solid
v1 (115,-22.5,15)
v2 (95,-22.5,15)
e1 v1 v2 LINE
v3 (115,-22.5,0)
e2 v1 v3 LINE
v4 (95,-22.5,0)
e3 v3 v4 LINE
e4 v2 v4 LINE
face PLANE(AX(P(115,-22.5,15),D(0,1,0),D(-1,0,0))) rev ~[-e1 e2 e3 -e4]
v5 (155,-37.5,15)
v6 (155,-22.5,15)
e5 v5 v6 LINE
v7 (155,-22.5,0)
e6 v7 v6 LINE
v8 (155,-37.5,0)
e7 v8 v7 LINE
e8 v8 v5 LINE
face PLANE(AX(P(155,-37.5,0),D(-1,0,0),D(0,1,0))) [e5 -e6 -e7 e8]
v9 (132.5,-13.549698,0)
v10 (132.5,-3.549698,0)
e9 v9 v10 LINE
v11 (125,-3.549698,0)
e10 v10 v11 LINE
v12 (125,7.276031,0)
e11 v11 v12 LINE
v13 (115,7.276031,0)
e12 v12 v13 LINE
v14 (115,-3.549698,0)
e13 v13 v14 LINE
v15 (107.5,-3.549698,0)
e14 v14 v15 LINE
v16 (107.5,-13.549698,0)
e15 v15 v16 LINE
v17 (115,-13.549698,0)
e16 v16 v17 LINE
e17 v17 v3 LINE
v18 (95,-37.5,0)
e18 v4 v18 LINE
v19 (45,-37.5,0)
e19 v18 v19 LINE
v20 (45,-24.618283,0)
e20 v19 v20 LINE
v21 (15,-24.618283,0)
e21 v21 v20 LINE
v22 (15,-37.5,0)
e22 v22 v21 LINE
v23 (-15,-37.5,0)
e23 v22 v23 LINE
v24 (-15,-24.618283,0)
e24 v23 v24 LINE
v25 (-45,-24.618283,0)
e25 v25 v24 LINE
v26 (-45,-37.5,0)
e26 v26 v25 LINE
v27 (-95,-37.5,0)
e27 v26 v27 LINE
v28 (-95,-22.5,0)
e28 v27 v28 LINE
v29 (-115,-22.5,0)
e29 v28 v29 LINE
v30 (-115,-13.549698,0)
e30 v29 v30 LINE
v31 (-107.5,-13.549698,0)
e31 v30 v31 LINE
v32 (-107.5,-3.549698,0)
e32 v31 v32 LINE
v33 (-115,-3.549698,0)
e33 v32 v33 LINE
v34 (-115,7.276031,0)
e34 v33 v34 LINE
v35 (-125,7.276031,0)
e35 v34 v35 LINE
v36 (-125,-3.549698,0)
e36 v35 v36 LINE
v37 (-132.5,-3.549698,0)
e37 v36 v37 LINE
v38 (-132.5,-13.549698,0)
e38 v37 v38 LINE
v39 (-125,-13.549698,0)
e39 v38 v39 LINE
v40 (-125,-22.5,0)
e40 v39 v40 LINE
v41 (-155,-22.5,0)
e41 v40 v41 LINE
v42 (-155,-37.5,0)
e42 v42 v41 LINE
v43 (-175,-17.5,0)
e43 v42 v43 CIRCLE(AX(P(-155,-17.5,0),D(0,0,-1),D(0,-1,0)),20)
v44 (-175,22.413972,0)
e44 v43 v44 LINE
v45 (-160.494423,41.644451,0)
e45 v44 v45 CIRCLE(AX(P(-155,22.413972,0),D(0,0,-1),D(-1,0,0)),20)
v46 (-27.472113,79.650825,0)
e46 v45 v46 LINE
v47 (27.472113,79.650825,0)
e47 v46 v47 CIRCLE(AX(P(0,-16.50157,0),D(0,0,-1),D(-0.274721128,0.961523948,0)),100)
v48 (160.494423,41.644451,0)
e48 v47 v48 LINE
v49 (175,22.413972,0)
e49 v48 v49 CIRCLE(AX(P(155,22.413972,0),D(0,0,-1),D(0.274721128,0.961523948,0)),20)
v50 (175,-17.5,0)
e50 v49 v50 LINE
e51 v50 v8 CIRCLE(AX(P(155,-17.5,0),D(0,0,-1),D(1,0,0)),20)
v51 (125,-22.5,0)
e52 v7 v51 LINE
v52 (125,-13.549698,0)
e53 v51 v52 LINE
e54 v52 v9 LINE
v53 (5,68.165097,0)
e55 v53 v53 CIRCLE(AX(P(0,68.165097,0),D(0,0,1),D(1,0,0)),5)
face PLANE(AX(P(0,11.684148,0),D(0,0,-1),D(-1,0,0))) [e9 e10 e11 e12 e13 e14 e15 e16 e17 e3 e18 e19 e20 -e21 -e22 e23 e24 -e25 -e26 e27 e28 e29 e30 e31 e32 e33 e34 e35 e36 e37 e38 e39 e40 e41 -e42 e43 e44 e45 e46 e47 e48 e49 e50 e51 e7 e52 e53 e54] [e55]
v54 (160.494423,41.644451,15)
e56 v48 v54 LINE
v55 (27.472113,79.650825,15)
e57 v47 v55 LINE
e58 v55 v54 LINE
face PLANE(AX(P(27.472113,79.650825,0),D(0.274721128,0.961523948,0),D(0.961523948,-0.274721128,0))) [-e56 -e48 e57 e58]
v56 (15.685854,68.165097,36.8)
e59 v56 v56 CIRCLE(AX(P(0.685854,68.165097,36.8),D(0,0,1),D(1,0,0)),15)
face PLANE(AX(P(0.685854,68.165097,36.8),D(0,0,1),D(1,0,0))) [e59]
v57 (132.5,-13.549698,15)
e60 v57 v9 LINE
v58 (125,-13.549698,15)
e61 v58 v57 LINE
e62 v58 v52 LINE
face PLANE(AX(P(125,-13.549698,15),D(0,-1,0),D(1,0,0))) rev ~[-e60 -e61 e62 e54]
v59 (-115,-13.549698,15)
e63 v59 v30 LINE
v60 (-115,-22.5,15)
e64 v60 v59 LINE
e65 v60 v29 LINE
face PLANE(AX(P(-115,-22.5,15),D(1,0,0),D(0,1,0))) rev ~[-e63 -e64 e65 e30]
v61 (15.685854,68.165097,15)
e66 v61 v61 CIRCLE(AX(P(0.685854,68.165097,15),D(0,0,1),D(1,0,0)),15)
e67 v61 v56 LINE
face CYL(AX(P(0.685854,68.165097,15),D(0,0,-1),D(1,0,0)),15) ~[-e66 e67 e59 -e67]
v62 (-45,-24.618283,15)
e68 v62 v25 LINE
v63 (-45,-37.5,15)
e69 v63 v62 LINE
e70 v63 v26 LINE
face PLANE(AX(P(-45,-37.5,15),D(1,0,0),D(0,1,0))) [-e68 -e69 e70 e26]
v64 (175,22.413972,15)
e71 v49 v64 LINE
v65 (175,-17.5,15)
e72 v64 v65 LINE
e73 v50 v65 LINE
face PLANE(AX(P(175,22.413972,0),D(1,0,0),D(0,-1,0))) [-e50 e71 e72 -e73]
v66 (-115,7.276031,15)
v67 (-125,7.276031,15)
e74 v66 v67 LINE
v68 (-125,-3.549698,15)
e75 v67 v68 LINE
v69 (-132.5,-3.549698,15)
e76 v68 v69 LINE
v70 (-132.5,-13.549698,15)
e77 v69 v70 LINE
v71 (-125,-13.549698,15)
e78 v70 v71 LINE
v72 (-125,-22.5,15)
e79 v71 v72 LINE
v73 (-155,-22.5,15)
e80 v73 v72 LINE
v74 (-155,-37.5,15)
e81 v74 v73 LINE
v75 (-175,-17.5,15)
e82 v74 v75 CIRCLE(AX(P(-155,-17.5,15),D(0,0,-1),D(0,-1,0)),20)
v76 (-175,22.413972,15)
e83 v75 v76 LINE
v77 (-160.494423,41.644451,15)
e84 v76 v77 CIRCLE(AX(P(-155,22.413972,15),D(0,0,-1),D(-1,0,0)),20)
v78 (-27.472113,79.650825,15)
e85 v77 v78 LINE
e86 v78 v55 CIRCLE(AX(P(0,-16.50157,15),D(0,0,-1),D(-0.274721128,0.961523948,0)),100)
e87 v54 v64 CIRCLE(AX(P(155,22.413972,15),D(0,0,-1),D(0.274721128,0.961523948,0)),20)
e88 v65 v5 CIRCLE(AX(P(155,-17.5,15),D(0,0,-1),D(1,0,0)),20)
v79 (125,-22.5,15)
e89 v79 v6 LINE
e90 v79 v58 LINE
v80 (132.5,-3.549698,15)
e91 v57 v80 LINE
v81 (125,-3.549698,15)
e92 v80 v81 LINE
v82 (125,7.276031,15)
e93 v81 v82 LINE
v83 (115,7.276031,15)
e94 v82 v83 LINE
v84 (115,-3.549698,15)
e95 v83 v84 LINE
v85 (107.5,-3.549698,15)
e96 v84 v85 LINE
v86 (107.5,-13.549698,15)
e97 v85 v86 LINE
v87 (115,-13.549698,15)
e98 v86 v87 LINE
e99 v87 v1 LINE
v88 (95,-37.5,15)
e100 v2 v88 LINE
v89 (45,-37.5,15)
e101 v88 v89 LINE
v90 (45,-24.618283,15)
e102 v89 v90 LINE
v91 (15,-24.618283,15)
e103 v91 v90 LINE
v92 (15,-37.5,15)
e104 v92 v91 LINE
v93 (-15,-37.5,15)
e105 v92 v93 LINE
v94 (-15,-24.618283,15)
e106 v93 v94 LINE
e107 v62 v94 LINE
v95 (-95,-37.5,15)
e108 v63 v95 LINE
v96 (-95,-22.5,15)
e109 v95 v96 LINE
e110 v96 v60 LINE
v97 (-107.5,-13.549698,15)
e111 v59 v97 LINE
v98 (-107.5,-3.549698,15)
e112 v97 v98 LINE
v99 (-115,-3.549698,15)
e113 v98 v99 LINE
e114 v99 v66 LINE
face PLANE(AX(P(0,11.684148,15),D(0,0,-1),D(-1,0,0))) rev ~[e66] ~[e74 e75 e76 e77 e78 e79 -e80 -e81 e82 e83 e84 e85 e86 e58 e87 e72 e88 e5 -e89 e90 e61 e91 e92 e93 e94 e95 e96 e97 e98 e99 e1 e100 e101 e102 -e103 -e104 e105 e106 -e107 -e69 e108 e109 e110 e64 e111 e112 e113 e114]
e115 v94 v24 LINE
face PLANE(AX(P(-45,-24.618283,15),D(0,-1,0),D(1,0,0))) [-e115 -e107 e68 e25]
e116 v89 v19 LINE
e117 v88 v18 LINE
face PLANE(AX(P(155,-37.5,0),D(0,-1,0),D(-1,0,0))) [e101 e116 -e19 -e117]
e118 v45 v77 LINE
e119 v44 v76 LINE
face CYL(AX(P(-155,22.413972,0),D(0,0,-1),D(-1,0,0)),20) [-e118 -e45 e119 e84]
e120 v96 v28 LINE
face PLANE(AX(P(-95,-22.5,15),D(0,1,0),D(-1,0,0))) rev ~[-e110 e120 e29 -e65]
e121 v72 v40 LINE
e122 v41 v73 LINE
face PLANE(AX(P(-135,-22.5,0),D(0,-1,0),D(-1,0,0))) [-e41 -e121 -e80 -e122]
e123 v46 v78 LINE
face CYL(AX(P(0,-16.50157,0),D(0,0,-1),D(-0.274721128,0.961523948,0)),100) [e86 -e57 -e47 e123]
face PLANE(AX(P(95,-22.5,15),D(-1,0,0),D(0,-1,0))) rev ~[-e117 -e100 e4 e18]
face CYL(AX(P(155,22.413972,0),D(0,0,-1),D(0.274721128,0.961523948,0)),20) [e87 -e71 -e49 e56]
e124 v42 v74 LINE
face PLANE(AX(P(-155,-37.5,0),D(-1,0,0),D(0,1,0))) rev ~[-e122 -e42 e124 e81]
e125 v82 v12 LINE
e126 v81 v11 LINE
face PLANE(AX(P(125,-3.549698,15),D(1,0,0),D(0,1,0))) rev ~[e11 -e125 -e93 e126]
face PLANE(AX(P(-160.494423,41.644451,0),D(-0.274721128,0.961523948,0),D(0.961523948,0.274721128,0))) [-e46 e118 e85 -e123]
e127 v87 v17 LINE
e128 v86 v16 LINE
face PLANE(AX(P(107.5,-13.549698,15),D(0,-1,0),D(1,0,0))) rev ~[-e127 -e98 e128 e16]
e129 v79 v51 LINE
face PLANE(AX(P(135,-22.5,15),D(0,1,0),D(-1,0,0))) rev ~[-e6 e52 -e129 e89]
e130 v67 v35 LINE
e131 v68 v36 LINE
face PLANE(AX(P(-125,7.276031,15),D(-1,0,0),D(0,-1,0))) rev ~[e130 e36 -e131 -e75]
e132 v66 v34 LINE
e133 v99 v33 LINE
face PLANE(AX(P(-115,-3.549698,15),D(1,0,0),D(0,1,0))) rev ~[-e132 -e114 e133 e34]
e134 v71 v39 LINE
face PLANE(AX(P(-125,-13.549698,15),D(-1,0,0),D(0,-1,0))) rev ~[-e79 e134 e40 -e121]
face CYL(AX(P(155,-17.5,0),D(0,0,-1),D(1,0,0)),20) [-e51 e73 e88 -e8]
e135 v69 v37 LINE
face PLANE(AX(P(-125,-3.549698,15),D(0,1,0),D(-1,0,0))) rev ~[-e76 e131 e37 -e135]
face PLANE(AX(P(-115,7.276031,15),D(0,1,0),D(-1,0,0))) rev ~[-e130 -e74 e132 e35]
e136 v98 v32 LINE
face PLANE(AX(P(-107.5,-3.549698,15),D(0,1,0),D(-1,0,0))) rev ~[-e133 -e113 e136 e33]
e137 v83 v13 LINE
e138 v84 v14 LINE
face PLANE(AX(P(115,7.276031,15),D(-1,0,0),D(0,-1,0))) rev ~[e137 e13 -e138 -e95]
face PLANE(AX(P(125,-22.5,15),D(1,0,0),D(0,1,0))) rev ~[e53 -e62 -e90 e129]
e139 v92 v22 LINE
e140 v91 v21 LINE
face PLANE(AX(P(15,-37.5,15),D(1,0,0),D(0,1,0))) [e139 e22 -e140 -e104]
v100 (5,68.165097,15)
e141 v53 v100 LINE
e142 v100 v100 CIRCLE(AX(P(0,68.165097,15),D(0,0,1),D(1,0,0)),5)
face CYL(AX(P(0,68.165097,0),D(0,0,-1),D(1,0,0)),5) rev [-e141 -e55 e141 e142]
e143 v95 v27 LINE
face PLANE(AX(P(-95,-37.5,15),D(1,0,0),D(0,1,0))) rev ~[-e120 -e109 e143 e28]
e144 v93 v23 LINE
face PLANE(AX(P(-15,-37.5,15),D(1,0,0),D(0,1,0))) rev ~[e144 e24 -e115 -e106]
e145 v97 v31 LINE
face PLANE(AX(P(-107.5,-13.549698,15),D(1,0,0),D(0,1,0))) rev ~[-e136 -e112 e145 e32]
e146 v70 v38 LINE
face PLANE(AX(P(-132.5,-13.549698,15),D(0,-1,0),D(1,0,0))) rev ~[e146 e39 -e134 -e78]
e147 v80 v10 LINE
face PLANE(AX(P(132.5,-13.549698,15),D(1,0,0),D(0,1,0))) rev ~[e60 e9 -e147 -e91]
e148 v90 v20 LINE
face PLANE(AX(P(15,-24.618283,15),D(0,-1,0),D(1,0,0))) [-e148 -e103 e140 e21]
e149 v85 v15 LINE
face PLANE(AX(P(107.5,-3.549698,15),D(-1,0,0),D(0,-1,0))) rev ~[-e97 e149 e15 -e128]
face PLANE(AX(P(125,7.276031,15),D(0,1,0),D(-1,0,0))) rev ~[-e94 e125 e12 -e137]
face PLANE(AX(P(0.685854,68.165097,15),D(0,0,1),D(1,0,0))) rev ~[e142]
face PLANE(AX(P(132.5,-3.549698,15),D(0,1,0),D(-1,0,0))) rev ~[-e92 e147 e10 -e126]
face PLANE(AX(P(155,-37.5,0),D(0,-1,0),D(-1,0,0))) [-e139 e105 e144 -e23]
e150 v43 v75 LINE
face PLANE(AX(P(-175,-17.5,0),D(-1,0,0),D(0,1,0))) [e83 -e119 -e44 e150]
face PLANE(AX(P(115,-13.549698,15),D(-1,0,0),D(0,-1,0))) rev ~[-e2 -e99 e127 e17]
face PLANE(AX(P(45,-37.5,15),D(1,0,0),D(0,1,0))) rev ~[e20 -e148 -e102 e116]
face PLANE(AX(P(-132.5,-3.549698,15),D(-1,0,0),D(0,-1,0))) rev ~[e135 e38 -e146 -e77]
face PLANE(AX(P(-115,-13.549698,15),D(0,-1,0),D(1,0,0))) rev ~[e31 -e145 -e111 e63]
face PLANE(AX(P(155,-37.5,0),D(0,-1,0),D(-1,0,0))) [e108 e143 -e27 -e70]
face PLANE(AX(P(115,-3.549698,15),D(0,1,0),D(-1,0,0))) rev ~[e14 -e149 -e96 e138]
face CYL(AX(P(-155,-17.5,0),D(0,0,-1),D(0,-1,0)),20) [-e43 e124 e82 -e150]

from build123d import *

# Parameters (mm, degrees)
ESQUISSE1_R             = 5
BOSS_EXTRU_1_DEPTH      = 15
ESQUISSE2_W             = 30
ESQUISSE2_H             = 12.881717487
ENL_V_MAT_EXTRU_1_DEPTH = 15
ESQUISSE3_W             = 20
ESQUISSE3_H             = 15
ENL_V_MAT_EXTRU_2_DEPTH = 15
ESQUISSE5_R             = 15
BOSS_EXTRU_2_DEPTH      = 21.8


with BuildPart() as part:
    # Esquisse1 → Boss.-Extru.1 (new body)
    with BuildSketch(Plane.XY):
        with BuildLine():
            Line((-160.494422558, 41.644450698), (-27.47211279, 79.650824917))
            ThreePointArc((-27.47211279, 79.650824917), (0, 83.498430153), (27.47211279, 79.650824917))
            Line((27.47211279, 79.650824917), (160.494422558, 41.644450698))
            ThreePointArc((160.494422558, 41.644450698), (170.966972962, 34.457882008), (175, 22.413971745))
            Line((175, 22.413971745), (175, -17.5))
            ThreePointArc((175, -17.5), (169.142135624, -31.642135624), (155, -37.5))
            Line((155, -37.5), (-155, -37.5))
            ThreePointArc((-155, -37.5), (-169.142135624, -31.642135624), (-175, -17.5))
            Line((-175, -17.5), (-175, 22.413971745))
            ThreePointArc((-175, 22.413971745), (-170.966972962, 34.457882008), (-160.494422558, 41.644450698))
        make_face()
        with Locations((0, 68.16509682)):
            Circle(ESQUISSE1_R, mode=Mode.SUBTRACT)
    extrude(amount=BOSS_EXTRU_1_DEPTH)

    # Esquisse2 → Enlèv. mat.-Extru.1 (cut)
    with BuildSketch(Plane.XY.offset(15)):
        Polygon((95, -37.5), (115, -37.5), (125, -37.5), (135, -37.5), (135, -22.5), (125, -22.5), (125, -13.549697849), (132.5, -13.549697849), (132.5, -3.549697849), (125, -3.549697849), (125, 7.276030806), (115, 7.276030806), (115, -3.549697849), (107.5, -3.549697849), (107.5, -13.549697849), (115, -13.549697849), (115, -22.5), (95, -22.5), align=None)
        with Locations((30, -31.059141256)):
            Rectangle(ESQUISSE2_W, ESQUISSE2_H)
        with Locations((-30, -31.059141256)):
            Rectangle(ESQUISSE2_W, ESQUISSE2_H)
        Polygon((-115, -37.5), (-95, -37.5), (-95, -22.5), (-115, -22.5), (-115, -13.549697849), (-107.5, -13.549697849), (-107.5, -3.549697849), (-115, -3.549697849), (-115, 7.276030806), (-125, 7.276030806), (-125, -3.549697849), (-132.5, -3.549697849), (-132.5, -13.549697849), (-125, -13.549697849), (-125, -22.5), (-135, -22.5), (-135, -37.5), (-125, -37.5), align=None)
    extrude(amount=-ENL_V_MAT_EXTRU_1_DEPTH, mode=Mode.SUBTRACT)

    # Esquisse3 → Enlèv. mat.-Extru.2 (cut)
    with BuildSketch(Plane(origin=(0, 0, 0), x_dir=(-1, 0, 0), z_dir=(0, 0, -1))):
        with Locations((145, -30)):
            Rectangle(ESQUISSE3_W, ESQUISSE3_H)
        with Locations((-145, -30)):
            Rectangle(ESQUISSE3_W, ESQUISSE3_H)
    extrude(amount=-ENL_V_MAT_EXTRU_2_DEPTH, mode=Mode.SUBTRACT)

    # Esquisse5 → Boss.-Extru.2 (add)
    with BuildSketch(Plane.XY.offset(15)):
        with Locations((0.685853551, 68.16509682)):
            Circle(ESQUISSE5_R)
    extrude(amount=BOSS_EXTRU_2_DEPTH)


solid = part.part
